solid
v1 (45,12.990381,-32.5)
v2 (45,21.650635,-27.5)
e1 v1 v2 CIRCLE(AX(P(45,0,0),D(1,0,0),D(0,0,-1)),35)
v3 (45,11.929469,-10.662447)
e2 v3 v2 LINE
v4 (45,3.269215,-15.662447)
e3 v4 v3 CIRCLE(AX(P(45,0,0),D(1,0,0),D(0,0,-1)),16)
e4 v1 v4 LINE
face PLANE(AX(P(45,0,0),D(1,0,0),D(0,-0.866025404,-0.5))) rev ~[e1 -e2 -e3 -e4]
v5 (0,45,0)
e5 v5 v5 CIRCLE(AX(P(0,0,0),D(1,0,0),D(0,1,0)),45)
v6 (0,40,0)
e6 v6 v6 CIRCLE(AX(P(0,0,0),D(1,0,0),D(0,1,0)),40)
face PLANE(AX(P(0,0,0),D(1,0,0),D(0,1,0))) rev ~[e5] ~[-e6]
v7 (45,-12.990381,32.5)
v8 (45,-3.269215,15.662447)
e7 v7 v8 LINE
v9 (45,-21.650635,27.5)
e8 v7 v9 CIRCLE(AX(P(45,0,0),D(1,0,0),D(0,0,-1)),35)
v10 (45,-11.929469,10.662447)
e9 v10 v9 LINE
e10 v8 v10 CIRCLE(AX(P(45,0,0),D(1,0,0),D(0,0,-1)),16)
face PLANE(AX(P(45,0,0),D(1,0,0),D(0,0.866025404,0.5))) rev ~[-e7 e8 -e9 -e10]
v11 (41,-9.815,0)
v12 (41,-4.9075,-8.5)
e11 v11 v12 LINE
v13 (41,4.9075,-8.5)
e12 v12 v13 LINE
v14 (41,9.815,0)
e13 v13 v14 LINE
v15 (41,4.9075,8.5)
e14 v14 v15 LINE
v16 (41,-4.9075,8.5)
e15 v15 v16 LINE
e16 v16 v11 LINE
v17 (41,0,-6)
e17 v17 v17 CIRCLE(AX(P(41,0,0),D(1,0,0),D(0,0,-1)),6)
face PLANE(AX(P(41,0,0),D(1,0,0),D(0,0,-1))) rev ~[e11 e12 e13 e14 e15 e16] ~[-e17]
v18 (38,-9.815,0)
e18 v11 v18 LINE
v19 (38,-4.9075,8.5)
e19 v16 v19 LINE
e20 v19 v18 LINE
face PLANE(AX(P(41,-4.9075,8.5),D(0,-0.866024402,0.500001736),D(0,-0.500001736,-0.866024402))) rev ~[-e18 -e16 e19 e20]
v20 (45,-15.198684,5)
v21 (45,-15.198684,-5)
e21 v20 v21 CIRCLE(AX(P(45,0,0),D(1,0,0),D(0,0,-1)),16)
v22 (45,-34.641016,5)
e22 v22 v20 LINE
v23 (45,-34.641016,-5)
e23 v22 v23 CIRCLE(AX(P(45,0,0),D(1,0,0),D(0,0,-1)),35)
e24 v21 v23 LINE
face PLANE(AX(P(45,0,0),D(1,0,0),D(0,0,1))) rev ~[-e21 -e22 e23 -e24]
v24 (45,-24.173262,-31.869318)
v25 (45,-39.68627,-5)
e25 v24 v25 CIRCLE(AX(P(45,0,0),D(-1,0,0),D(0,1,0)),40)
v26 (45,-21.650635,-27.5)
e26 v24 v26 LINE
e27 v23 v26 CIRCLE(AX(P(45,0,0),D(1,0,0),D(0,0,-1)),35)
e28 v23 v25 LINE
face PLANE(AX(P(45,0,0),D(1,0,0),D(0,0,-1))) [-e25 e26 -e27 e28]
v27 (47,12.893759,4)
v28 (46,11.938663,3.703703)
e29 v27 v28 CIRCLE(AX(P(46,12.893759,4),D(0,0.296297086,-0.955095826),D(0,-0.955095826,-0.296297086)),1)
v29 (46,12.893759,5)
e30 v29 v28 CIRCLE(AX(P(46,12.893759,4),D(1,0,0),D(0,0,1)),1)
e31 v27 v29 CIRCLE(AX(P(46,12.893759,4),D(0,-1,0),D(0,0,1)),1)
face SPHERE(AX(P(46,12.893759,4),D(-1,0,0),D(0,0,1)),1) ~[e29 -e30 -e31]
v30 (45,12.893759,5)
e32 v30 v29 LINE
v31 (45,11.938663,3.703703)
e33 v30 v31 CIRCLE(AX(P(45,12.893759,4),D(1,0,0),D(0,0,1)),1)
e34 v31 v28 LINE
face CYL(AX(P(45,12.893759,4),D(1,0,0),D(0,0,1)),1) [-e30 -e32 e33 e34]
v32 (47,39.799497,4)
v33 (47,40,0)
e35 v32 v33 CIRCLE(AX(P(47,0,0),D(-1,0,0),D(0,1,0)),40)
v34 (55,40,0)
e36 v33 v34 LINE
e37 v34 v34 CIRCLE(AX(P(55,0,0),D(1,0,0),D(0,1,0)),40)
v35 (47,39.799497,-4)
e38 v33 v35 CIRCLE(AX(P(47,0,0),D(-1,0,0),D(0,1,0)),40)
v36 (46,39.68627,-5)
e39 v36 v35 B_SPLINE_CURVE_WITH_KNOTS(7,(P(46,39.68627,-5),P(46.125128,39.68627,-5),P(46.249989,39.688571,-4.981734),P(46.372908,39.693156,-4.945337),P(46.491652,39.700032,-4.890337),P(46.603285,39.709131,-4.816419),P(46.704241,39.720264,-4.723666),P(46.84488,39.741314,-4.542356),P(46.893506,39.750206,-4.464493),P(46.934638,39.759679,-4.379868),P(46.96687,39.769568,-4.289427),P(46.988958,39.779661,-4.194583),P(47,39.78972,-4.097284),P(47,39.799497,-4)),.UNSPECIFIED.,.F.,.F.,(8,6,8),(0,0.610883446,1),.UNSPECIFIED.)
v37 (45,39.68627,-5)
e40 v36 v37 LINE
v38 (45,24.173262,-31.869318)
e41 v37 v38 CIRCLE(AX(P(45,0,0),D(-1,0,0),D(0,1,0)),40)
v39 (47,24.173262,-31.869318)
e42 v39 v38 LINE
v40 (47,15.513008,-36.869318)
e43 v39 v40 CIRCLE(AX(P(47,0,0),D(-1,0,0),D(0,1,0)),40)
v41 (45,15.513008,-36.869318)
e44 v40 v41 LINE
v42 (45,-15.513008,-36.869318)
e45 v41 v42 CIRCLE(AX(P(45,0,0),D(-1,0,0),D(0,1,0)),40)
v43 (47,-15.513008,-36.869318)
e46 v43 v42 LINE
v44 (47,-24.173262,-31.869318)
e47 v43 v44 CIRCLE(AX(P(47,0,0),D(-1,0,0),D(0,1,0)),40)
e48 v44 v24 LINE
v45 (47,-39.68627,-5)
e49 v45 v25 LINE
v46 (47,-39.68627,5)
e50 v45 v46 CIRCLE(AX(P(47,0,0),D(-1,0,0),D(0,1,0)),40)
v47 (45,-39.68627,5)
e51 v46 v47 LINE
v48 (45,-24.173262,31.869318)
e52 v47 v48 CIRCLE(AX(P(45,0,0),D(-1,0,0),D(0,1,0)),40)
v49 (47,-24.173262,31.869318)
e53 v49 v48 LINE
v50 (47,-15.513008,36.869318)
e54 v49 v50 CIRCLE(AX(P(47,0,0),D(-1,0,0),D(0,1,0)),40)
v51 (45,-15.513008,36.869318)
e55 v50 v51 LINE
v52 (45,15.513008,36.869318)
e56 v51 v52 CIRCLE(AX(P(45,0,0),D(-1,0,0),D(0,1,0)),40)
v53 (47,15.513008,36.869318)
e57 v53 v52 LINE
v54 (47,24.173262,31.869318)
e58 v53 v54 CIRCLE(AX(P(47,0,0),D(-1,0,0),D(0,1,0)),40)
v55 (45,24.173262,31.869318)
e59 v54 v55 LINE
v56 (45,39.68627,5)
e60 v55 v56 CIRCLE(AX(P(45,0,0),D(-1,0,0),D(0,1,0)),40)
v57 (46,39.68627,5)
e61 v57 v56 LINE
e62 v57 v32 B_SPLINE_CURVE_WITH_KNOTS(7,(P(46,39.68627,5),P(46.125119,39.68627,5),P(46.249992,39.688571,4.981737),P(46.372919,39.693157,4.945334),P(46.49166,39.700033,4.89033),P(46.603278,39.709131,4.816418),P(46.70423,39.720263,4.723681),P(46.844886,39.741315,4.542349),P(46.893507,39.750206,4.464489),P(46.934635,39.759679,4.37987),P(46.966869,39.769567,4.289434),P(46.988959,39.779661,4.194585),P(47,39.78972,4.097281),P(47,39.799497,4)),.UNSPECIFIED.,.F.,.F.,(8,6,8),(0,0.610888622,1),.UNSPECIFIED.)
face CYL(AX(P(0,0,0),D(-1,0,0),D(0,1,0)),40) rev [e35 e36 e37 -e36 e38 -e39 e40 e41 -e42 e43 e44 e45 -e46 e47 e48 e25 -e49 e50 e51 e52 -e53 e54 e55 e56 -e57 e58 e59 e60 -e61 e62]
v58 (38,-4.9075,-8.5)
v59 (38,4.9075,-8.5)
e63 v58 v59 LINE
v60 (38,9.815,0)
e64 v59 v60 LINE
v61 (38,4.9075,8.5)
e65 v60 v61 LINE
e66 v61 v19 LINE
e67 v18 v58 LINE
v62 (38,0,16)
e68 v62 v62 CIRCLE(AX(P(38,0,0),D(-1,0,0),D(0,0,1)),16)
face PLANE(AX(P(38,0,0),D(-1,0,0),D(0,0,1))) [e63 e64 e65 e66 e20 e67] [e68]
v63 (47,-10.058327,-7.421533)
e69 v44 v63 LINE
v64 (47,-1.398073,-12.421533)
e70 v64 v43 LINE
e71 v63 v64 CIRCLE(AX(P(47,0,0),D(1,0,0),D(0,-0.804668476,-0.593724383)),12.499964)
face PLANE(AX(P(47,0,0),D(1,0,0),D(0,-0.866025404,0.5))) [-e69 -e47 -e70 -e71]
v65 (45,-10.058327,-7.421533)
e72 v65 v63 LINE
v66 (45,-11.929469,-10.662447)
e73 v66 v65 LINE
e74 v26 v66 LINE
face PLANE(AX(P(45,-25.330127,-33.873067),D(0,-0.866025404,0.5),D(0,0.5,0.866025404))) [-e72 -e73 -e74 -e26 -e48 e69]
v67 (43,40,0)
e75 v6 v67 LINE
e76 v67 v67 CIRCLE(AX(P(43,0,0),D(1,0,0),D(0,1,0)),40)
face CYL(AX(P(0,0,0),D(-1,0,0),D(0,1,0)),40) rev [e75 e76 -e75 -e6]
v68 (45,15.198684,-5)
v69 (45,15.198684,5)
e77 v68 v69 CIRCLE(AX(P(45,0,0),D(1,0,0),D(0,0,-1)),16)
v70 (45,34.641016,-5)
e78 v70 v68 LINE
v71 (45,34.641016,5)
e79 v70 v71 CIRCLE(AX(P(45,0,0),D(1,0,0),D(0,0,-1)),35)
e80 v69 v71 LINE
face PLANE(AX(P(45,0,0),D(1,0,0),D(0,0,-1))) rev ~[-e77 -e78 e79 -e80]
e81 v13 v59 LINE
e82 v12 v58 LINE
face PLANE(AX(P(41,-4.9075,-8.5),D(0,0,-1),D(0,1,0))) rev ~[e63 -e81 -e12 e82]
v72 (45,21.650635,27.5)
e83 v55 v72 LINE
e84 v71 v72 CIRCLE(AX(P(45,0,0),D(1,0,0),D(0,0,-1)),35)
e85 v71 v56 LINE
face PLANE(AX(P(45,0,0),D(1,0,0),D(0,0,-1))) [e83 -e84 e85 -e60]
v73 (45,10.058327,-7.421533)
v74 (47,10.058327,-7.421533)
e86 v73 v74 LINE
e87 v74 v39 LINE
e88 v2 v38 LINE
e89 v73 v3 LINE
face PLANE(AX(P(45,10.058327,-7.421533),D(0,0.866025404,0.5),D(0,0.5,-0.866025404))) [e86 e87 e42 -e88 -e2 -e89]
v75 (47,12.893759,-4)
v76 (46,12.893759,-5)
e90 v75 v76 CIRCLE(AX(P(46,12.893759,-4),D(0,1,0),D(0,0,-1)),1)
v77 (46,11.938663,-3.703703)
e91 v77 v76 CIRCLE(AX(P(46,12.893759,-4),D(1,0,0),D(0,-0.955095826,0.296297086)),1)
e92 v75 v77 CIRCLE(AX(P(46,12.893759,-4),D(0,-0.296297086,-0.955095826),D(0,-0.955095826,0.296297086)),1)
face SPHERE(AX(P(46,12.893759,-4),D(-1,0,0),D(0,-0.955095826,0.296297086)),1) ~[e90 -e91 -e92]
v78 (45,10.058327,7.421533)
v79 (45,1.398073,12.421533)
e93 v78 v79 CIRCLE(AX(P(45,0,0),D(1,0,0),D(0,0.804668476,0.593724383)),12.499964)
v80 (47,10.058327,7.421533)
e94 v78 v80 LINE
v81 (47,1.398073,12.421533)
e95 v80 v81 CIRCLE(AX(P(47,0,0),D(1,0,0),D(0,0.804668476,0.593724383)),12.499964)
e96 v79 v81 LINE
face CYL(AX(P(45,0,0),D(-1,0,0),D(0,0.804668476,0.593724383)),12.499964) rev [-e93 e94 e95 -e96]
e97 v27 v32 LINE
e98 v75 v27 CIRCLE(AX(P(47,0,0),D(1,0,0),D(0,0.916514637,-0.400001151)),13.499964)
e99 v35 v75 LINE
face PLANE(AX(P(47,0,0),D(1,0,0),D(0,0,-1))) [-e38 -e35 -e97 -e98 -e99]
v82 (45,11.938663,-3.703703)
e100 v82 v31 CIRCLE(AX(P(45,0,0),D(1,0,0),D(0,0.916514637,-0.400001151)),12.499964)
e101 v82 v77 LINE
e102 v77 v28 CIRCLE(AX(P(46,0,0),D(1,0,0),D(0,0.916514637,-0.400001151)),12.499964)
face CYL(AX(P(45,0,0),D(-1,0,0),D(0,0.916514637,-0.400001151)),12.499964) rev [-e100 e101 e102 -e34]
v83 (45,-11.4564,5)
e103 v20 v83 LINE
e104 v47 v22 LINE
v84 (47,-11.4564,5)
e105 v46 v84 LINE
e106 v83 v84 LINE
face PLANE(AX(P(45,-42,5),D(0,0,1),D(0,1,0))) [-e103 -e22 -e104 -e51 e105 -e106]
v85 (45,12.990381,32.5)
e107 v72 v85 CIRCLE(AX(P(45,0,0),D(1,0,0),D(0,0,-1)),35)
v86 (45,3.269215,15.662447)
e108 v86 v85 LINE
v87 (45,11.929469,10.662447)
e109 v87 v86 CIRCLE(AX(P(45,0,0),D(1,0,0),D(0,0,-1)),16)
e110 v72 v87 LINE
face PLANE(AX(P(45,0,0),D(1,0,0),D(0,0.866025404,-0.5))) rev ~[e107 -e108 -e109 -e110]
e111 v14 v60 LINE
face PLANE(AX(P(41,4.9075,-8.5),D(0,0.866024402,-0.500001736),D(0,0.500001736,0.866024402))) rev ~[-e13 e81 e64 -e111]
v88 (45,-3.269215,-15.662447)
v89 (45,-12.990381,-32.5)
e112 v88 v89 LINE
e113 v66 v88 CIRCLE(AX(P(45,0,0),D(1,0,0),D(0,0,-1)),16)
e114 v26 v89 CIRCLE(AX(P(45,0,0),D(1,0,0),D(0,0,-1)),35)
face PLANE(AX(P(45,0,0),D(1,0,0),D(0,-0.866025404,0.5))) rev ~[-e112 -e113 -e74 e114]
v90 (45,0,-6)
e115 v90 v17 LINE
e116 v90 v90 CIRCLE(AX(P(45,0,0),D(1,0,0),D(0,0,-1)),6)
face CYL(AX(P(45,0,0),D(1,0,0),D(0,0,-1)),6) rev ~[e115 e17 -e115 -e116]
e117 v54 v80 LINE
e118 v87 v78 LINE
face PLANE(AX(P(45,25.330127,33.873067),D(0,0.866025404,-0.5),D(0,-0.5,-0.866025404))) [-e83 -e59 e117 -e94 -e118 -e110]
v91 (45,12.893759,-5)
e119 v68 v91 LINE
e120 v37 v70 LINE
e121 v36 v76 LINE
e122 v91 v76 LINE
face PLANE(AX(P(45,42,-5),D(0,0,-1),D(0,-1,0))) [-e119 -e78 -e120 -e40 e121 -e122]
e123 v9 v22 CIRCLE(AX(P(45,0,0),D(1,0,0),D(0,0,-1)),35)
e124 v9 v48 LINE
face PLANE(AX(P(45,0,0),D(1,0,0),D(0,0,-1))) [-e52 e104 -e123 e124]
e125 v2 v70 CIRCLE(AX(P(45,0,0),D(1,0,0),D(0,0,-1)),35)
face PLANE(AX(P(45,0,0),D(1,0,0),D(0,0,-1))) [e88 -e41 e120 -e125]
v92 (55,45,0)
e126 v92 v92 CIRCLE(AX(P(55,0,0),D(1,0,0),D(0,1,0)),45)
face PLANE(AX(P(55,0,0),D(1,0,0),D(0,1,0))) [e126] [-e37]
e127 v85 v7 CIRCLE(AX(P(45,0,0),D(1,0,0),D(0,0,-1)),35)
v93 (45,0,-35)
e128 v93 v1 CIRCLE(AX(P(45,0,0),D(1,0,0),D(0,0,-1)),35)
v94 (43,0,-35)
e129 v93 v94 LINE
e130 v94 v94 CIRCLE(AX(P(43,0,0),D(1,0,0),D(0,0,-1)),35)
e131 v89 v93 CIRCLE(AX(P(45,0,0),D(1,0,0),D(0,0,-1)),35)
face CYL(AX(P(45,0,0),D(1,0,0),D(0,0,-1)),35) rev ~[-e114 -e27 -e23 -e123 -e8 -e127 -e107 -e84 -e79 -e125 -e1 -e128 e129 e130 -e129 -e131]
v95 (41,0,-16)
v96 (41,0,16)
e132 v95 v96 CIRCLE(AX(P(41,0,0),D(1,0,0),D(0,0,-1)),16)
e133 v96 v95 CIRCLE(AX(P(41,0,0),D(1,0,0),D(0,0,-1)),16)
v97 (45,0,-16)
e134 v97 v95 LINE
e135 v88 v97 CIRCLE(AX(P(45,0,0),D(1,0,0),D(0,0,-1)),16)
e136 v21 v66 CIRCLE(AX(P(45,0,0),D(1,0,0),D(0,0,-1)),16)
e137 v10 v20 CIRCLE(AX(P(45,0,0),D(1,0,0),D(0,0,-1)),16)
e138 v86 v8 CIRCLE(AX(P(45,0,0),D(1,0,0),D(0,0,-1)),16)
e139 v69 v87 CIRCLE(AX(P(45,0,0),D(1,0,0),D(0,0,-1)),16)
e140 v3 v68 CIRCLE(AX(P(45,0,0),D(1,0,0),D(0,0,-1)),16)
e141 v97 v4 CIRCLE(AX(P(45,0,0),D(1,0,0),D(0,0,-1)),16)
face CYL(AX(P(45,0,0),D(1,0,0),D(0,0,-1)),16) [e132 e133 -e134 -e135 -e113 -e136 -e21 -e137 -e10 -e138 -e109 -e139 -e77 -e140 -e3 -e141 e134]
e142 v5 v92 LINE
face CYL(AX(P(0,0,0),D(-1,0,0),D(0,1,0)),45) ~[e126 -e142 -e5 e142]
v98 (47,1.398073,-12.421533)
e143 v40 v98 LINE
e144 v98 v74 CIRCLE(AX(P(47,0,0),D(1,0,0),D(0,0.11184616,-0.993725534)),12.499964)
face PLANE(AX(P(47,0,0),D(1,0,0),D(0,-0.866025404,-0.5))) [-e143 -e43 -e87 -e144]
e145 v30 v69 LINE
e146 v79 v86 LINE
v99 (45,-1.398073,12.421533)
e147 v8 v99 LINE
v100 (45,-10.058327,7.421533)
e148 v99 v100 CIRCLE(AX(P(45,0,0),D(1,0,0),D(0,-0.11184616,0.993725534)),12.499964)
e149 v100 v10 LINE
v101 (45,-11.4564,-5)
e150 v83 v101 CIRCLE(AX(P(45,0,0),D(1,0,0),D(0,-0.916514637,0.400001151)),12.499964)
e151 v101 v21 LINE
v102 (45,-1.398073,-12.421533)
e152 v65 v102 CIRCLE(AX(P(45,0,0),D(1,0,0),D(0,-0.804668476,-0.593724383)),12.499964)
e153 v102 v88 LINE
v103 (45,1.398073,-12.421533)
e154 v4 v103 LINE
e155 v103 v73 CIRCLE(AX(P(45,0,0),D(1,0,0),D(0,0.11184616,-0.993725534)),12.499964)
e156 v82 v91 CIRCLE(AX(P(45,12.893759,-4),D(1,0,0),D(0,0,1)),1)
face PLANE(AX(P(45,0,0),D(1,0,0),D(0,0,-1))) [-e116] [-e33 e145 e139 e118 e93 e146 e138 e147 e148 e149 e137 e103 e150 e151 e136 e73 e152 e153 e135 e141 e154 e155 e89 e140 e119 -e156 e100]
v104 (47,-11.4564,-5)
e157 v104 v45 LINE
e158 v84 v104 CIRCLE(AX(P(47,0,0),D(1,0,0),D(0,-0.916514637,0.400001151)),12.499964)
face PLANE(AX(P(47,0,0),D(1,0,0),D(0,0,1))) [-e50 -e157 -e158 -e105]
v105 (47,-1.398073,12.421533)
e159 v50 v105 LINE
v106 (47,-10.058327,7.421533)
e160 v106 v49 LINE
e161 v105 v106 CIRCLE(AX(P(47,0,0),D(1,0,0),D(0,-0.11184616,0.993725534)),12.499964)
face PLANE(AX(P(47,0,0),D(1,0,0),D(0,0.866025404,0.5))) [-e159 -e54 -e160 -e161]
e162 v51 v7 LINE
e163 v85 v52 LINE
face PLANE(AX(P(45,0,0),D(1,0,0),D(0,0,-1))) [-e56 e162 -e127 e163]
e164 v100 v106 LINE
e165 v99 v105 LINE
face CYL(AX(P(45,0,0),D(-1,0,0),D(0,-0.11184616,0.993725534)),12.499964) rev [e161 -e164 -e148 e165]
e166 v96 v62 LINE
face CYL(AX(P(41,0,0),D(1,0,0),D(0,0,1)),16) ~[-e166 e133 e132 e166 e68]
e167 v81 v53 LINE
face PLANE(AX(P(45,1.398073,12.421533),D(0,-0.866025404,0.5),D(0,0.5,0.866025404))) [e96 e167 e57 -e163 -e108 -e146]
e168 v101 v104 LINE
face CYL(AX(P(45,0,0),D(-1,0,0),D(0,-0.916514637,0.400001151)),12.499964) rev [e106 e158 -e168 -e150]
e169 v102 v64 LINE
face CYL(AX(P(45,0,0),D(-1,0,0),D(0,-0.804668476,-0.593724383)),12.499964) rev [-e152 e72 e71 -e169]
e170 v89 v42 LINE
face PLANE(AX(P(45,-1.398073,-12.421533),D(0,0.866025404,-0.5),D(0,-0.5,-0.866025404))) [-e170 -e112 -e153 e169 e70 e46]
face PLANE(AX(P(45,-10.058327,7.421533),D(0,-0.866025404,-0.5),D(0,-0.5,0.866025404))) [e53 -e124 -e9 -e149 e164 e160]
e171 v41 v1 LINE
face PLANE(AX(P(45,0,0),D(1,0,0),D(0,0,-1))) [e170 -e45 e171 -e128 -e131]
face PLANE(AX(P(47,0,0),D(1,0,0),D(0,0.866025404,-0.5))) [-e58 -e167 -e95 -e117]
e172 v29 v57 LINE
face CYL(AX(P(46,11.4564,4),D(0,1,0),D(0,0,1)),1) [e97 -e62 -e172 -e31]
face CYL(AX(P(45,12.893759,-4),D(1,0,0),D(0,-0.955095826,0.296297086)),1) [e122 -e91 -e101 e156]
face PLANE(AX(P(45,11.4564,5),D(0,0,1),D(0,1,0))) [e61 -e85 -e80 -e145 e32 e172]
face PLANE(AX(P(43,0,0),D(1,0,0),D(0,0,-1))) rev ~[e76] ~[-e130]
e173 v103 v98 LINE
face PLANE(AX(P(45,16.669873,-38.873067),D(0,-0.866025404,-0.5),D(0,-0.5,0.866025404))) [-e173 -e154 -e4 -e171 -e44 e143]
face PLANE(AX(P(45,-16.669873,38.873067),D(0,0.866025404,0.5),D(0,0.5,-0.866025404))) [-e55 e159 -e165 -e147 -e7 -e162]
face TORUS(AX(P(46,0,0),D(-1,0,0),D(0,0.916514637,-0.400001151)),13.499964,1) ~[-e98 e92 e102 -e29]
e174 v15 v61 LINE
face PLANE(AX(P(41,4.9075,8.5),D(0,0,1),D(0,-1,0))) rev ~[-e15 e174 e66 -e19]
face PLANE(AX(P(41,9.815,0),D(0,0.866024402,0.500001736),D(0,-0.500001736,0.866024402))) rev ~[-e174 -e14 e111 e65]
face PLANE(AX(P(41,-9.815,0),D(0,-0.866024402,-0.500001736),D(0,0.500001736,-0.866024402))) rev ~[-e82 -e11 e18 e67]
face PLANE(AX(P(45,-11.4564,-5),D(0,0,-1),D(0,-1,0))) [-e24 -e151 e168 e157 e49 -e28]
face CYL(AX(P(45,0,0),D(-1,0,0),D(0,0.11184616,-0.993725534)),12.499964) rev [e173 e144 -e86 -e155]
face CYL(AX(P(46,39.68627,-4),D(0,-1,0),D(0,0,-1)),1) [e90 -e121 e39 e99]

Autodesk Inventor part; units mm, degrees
ref_plane "YZ Plane" through (0, 0, 0) normal (1, 0, 0) x (0, 1, 0)
ref_plane "XZ Plane" through (0, 0, 0) normal (0, 1, 0) x (-1, 0, 0)
sketch "Эскиз1" plane through (0, 0, 0) normal (1, 0, 0) x (0, 1, 0)
  circle A0 centre (0, 0) radius 45
  circle A1 centre (0, 0) radius 40
  dimension "d0" = 90
  dimension "d1" = 5
extrude "Выдавливание1" add sketch "Эскиз1" along normal blind 55
ref_plane "РабПлоскость1" through (45, 0, 0) normal (1, 0, 0) x (0, 0, -1)
sketch "Эскиз2" plane through (45, 0, 0) normal (1, 0, 0) x (0, 0, -1)
  circle A0 centre (0, 0) radius 40 projected
  circle A1 centre (0, 0) radius 35
  dimension "d5" = 5
extrude "Выдавливание2" add sketch "Эскиз2" against normal blind 2
sketch "Эскиз3" plane through (45, 0, 0) normal (1, 0, 0) x (0, 0, -1)
  circle A0 centre (0, 0) radius 6
  circle A1 centre (0, 0) radius 16
  circle A2 centre (0, 0) radius 35 projected
  dimension "d19" = 12
  dimension "d20" = 32
extrude "Выдавливание3" add sketch "Эскиз3" against normal blind 4 contours A1
sketch "Эскиз4" plane through (45, 0, 0) normal (1, 0, 0) x (0, 0, -1)
  line L0 (-5, 42) -> (5, 42)
  line L1 (5, 42) -> (5, 11.4564)
  line L2 (-5, 11.4564) -> (-5, 42)
  line L3 (0, 0) -> (0, 36.2372) construction
  arc A0 (5, 11.4564) -> (-5, 11.4564) centre (0, 0) ccw
  dimension "d32" = 10
  dimension "d33" = 25
  dimension "d34" = 42
extrude "Выдавливание4" add sketch "Эскиз4" along normal blind 2
fillet "Сопряжение1" radius 1 5 edges at (46, 11.4564, -5) (46, 11.4564, 5) (47, 25.5714, 5) (47, 12.5, 0) (47, 25.5714, -5)
pattern_circular "Круговой массив1" count 6 over 360 about axis through (45, 0, 0) along (-1, 0, 0) of "Выдавливание4"
sketch "Эскиз5" plane through (41, 0, 0) normal (-1, 0, 0) x (0, 0, 1)
  line L0 (0, 9.815) -> (8.5, 4.9075)
  line L1 (8.5, 4.9075) -> (8.5, -4.9075)
  line L2 (8.5, -4.9075) -> (0, -9.815)
  line L3 (0, -9.815) -> (-8.5, -4.9075)
  line L4 (-8.5, -4.9075) -> (-8.5, 4.9075)
  line L5 (-8.5, 4.9075) -> (0, 9.815)
  circle A0 centre (0, 0) radius 16
  circle A1 centre (0, 0) radius 16 projected
  dimension "d41" = 17
extrude "Выдавливание5" add sketch "Эскиз5" along normal blind 3
properties part number "КВ33-AN1-01-02-Диск"
